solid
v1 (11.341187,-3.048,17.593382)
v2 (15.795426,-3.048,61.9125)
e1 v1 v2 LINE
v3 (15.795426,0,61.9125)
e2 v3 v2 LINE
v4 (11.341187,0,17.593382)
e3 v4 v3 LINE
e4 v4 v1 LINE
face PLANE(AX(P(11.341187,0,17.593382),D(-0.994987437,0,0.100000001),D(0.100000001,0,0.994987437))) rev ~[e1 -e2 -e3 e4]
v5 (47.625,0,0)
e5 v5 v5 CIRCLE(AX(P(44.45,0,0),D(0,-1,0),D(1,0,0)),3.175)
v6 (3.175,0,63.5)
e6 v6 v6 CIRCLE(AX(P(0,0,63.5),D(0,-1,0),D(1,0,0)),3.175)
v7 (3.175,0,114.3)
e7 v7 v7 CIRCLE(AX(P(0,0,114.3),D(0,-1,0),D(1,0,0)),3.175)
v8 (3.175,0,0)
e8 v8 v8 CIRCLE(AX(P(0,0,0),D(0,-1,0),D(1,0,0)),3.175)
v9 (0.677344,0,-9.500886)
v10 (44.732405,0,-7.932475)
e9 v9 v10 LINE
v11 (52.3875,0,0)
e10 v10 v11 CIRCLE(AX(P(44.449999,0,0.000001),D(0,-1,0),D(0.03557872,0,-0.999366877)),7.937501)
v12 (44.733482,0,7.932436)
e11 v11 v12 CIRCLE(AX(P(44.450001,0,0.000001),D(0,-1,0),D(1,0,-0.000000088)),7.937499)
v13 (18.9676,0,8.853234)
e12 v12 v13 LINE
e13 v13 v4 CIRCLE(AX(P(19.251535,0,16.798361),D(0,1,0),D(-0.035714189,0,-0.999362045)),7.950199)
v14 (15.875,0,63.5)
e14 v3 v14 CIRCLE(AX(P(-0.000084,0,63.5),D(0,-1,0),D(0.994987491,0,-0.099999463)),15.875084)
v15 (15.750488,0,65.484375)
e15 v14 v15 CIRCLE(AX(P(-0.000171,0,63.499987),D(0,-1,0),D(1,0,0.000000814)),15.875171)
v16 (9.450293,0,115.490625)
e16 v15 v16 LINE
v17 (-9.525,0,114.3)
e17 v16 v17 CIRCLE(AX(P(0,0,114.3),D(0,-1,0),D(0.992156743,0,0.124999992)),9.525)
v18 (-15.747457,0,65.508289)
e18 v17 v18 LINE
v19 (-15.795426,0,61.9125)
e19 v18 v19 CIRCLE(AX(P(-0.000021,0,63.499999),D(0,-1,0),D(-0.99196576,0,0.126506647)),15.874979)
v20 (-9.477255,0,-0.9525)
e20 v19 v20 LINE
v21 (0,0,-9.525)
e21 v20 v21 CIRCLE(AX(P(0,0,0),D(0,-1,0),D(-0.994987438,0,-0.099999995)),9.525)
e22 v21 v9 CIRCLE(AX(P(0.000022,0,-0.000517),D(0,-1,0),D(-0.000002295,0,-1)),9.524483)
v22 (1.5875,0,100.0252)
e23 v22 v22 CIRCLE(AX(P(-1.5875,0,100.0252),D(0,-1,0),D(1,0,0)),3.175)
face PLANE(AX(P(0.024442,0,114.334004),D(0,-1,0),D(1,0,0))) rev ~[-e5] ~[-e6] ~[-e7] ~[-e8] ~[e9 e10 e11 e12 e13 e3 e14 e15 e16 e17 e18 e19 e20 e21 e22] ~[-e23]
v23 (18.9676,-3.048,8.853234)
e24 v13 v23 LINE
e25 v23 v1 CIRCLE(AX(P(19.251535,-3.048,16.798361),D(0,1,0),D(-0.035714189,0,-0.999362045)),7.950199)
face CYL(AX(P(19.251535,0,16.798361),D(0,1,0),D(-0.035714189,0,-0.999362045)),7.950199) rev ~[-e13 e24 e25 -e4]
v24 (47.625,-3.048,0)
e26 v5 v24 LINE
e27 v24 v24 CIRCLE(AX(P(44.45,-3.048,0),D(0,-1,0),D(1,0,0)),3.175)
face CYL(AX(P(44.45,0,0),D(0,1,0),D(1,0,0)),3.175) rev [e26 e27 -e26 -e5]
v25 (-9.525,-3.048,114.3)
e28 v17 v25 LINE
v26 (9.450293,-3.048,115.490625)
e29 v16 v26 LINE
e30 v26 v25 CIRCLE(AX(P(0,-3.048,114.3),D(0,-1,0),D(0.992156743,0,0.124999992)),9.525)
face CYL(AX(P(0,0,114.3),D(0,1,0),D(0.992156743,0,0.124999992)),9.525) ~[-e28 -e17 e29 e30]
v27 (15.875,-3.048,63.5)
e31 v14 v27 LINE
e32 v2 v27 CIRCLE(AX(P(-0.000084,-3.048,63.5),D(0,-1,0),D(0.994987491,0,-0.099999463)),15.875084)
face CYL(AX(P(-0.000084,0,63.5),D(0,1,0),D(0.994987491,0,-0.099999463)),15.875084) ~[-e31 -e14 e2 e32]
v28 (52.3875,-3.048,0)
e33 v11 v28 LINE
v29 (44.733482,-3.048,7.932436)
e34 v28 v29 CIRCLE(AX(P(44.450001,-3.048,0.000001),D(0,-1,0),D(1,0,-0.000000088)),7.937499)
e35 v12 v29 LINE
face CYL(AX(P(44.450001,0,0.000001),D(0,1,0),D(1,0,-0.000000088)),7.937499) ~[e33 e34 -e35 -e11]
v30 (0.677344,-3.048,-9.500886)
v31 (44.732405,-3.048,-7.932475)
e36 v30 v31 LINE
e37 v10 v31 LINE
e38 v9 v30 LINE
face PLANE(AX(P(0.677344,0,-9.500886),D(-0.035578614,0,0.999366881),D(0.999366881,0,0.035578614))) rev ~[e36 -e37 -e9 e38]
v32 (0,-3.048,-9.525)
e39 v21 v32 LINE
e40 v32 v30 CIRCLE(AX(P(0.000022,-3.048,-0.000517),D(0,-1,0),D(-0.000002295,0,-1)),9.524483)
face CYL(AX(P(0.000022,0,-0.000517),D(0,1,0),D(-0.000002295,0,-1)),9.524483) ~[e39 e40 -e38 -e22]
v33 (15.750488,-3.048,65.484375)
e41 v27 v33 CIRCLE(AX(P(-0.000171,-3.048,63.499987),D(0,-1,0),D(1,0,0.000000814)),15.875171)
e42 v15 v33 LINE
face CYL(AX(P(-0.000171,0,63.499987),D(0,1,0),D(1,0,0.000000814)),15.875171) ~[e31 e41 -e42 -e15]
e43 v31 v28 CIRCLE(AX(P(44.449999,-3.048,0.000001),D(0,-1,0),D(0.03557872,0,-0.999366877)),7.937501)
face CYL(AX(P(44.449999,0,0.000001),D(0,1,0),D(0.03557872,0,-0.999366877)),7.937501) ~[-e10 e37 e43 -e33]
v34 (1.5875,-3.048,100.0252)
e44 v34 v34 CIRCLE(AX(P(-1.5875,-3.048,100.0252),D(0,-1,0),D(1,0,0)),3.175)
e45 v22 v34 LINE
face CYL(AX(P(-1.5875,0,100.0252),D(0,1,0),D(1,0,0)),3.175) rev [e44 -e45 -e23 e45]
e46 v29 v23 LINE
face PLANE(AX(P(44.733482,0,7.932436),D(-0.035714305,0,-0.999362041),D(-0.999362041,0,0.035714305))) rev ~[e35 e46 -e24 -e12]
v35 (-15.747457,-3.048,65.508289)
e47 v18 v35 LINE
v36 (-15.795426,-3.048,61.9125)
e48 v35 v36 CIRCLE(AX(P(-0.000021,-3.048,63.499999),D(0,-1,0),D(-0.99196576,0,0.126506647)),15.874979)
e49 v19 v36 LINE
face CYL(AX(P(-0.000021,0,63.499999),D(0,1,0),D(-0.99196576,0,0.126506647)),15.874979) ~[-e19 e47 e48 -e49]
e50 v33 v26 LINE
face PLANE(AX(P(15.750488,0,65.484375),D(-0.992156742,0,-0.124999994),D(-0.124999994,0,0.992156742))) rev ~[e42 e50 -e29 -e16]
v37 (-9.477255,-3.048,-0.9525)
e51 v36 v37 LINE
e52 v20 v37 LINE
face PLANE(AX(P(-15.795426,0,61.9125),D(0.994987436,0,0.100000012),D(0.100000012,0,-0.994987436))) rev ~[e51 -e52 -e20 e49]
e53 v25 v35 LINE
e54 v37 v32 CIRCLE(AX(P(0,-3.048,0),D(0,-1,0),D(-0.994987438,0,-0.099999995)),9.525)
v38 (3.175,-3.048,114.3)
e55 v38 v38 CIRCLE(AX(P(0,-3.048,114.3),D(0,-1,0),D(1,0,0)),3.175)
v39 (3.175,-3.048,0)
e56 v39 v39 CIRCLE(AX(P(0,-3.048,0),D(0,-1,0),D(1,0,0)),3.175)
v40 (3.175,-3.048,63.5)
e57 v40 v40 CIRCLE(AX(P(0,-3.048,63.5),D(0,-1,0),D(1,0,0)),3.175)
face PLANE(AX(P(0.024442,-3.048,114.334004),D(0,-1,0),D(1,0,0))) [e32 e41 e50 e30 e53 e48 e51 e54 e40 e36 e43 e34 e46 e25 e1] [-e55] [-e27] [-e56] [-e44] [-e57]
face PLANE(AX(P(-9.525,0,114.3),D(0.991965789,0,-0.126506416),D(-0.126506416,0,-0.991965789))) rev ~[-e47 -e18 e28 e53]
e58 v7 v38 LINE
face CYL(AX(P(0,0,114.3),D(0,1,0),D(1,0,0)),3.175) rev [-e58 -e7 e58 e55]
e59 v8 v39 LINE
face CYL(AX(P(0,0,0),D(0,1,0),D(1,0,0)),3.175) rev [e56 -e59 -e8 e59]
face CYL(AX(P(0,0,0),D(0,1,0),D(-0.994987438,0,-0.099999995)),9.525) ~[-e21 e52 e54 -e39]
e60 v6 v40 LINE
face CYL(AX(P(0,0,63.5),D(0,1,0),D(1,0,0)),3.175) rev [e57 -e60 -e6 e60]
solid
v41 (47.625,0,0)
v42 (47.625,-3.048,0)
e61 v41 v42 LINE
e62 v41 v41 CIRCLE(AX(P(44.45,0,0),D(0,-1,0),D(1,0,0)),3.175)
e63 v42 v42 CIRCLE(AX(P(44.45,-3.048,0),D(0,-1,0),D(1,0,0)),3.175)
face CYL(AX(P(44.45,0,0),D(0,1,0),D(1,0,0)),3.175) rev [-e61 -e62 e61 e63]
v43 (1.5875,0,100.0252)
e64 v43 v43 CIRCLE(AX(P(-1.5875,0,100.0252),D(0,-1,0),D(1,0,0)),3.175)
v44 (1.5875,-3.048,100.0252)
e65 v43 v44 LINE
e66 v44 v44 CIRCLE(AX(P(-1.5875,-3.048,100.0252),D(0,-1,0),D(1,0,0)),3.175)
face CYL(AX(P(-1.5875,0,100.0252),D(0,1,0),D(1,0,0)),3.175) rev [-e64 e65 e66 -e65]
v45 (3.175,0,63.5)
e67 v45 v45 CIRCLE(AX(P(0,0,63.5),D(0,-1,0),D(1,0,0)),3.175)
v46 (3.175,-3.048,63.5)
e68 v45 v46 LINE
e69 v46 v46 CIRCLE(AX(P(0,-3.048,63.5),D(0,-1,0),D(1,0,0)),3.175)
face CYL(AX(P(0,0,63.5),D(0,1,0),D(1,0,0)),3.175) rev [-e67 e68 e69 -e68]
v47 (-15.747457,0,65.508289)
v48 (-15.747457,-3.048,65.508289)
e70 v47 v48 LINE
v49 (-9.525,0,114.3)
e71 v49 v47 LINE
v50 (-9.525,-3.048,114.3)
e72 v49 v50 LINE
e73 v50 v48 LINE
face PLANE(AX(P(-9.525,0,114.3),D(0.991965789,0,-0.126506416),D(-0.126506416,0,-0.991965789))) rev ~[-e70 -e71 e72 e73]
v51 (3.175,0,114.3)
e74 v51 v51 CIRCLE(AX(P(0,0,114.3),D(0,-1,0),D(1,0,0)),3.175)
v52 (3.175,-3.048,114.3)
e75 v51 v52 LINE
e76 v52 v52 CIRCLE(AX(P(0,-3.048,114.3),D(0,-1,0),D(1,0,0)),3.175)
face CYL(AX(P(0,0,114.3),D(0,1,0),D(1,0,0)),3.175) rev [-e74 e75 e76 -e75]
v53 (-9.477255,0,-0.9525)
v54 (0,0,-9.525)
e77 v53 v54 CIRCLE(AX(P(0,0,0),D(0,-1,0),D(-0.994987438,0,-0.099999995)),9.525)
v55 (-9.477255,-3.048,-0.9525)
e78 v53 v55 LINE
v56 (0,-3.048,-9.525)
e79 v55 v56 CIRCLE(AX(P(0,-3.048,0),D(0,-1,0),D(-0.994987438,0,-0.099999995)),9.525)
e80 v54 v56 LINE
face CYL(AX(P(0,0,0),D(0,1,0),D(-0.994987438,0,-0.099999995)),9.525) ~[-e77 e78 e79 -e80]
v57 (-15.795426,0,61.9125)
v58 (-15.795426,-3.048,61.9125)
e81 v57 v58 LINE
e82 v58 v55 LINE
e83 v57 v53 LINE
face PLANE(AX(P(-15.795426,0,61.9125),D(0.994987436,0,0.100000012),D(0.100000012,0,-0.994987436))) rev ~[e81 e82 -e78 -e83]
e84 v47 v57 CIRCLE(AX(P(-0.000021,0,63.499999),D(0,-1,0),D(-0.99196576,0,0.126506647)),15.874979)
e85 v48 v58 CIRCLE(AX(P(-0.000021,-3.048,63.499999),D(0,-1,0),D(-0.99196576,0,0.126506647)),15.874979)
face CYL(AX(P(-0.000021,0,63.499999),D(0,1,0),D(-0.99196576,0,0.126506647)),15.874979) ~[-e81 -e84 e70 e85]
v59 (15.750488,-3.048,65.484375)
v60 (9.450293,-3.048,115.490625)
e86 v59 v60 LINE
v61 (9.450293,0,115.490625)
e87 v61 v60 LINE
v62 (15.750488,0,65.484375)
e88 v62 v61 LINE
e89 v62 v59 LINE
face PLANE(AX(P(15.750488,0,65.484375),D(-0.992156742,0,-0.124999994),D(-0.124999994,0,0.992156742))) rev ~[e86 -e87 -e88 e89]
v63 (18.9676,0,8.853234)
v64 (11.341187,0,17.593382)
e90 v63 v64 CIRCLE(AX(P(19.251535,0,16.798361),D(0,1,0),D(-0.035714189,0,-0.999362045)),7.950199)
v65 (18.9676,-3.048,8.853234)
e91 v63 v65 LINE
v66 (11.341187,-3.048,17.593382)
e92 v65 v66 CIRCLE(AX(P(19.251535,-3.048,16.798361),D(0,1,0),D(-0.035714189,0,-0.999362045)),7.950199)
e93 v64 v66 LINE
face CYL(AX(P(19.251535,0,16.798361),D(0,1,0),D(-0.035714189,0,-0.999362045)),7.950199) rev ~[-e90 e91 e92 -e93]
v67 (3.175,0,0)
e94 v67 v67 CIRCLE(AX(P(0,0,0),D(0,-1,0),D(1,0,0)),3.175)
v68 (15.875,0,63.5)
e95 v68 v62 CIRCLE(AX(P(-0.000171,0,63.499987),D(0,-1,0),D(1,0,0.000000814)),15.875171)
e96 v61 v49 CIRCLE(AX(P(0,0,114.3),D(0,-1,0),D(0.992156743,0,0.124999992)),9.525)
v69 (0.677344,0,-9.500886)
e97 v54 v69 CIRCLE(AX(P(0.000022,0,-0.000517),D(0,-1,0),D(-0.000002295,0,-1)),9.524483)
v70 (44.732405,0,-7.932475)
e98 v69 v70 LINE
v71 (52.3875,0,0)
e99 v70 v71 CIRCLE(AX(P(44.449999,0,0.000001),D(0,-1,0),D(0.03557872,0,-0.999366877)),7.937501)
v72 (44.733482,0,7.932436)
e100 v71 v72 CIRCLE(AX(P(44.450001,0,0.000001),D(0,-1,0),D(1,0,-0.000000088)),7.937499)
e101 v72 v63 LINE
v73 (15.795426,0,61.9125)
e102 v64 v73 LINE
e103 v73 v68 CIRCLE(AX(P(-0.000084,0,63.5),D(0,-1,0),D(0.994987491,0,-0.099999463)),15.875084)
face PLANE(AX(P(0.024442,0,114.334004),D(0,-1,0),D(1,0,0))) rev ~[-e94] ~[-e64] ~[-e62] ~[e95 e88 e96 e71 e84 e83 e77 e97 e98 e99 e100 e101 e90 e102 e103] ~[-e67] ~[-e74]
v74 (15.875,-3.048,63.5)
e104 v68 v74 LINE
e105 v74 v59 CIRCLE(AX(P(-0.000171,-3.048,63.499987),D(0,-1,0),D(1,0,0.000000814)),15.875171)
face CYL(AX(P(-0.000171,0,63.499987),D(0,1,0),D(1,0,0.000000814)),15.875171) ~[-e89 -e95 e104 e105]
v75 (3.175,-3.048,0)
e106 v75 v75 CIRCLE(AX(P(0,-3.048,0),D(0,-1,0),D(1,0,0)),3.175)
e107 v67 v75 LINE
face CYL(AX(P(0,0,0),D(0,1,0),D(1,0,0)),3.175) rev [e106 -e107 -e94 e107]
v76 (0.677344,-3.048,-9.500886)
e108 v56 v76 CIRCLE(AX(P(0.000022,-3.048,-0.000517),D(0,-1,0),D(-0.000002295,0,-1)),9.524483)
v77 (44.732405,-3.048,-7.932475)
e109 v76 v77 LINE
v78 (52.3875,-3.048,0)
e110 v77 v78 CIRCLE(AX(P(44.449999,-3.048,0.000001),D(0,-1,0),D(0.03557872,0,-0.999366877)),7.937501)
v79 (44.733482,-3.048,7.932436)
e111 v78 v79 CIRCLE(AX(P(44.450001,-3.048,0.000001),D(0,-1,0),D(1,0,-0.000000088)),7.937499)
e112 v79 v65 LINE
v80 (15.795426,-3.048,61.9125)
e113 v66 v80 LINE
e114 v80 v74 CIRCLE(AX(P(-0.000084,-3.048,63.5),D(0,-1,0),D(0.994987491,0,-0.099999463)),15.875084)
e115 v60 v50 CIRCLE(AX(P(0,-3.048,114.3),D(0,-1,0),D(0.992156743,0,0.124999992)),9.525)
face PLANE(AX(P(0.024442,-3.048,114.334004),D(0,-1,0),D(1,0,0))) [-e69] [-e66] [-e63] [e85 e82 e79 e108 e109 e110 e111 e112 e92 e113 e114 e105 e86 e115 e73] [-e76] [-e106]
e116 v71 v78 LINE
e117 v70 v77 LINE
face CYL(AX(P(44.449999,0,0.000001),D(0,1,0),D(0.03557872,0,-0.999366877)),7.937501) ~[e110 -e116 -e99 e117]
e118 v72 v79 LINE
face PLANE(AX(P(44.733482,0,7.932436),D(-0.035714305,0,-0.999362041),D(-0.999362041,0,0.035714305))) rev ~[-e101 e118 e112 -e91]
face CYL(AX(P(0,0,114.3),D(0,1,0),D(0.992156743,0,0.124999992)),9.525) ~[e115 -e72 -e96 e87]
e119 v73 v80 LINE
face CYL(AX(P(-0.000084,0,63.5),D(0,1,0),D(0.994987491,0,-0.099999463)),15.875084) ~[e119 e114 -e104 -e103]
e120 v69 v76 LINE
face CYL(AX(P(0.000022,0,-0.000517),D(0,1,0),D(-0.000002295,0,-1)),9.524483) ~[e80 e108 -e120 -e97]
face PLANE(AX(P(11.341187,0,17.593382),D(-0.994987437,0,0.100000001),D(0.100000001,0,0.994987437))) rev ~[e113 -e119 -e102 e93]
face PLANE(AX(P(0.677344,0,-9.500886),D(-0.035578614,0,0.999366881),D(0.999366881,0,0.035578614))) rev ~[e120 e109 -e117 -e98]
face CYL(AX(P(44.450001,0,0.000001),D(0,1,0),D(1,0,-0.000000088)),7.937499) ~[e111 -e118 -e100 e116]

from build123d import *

# Parameters (mm, degrees)
F0_R     = 3.175
F1_DEPTH = 3.048
F2_DEPTH = 3.048


with BuildPart() as f1:
    # F0 (on Front) → F1 (new body)
    with BuildSketch(Plane.XZ):
        with BuildLine():
            ThreePointArc((-9.525, 114.3), (0, 104.775), (9.525, 114.3))
            ThreePointArc((9.525, 114.3), (9.506305, 114.896483), (9.450293, 115.490625))
            ThreePointArc((9.450293, 115.490625), (-0.596483, 123.806305), (-9.525, 114.3))
        make_face()
        with Locations((0, 114.3)):
            Circle(F0_R, mode=Mode.SUBTRACT)
        with BuildLine():
            ThreePointArc((9.450293, 115.490625), (9.506305, 114.896483), (9.525, 114.3))
            ThreePointArc((9.525, 114.3), (0, 104.775), (-9.525, 114.3))
            Line((-9.525, 114.3), (-15.747457, 65.508289))
            ThreePointArc((-15.747457, 65.508289), (0.012053, 79.374995), (15.750488, 65.484375))
            Line((15.750488, 65.484375), (9.450293, 115.490625))
        make_face()
        with Locations((-1.5875, 100.0252)):
            Circle(F0_R, mode=Mode.SUBTRACT)
        with BuildLine():
            ThreePointArc((15.875, 63.5), (15.843841, 64.494139), (15.750488, 65.484375))
            ThreePointArc((15.750488, 65.484375), (0.012053, 79.374995), (-15.747457, 65.508289))
            ThreePointArc((-15.747457, 65.508289), (-15.873588, 63.711757), (-15.795426, 61.9125))
            ThreePointArc((-15.795426, 61.9125), (0, 47.625), (15.795426, 61.9125))
            ThreePointArc((15.795426, 61.9125), (15.855094, 62.705253), (15.875, 63.5))
        make_face()
        with Locations((0, 63.5)):
            Circle(F0_R, mode=Mode.SUBTRACT)
        with BuildLine():
            ThreePointArc((15.795426, 61.9125), (0, 47.625), (-15.795426, 61.9125))
            Line((-15.795426, 61.9125), (-9.477255, -0.9525))
            ThreePointArc((-9.477255, -0.9525), (-0.476848, 9.513056), (9.525, 0))
            ThreePointArc((9.525, 0), (6.970557, -6.491299), (0.677344, -9.500886))
            Line((0.677344, -9.500886), (44.732405, -7.932475))
            ThreePointArc((44.732405, -7.932475), (36.5125, 0.000539), (44.733482, 7.932436))
            Line((44.733482, 7.932436), (18.9676, 8.853234))
            ThreePointArc((18.9676, 8.853234), (13.2612, 11.571359), (11.341187, 17.593382))
            Line((11.341187, 17.593382), (15.795426, 61.9125))
        make_face()
        with BuildLine():
            ThreePointArc((9.525, 0), (-0.476848, 9.513056), (-9.477255, -0.9525))
            ThreePointArc((-9.477255, -0.9525), (-6.389564, -7.063929), (0, -9.525))
            Line((0, -9.525), (0.677344, -9.500886))
            ThreePointArc((0.677344, -9.500886), (6.970557, -6.491299), (9.525, 0))
        make_face()
        Circle(F0_R, mode=Mode.SUBTRACT)
        with BuildLine():
            Line((0.677344, -9.500886), (0, -9.525))
            ThreePointArc((0, -9.525), (0.338886, -9.51897), (0.677344, -9.500886))
        make_face()
        with BuildLine():
            ThreePointArc((52.3875, 0), (50.162007, 5.511523), (44.733482, 7.932436))
            ThreePointArc((44.733482, 7.932436), (36.5125, 0.000539), (44.732405, -7.932475))
            ThreePointArc((44.732405, -7.932475), (50.161633, -5.51191), (52.3875, 0))
        make_face()
        with Locations((44.45, 0)):
            Circle(F0_R, mode=Mode.SUBTRACT)
    extrude(amount=F1_DEPTH)


with BuildPart() as f2:
    # F0 (on Front) → F2 (new body)
    with BuildSketch(Plane.XZ):
        with BuildLine():
            ThreePointArc((-9.525, 114.3), (0, 104.775), (9.525, 114.3))
            ThreePointArc((9.525, 114.3), (9.506305, 114.896483), (9.450293, 115.490625))
            ThreePointArc((9.450293, 115.490625), (-0.596483, 123.806305), (-9.525, 114.3))
        make_face()
        with Locations((0, 114.3)):
            Circle(F0_R, mode=Mode.SUBTRACT)
        with BuildLine():
            ThreePointArc((9.450293, 115.490625), (9.506305, 114.896483), (9.525, 114.3))
            ThreePointArc((9.525, 114.3), (0, 104.775), (-9.525, 114.3))
            Line((-9.525, 114.3), (-15.747457, 65.508289))
            ThreePointArc((-15.747457, 65.508289), (0.012053, 79.374995), (15.750488, 65.484375))
            Line((15.750488, 65.484375), (9.450293, 115.490625))
        make_face()
        with Locations((-1.5875, 100.0252)):
            Circle(F0_R, mode=Mode.SUBTRACT)
        with BuildLine():
            ThreePointArc((15.875, 63.5), (15.843841, 64.494139), (15.750488, 65.484375))
            ThreePointArc((15.750488, 65.484375), (0.012053, 79.374995), (-15.747457, 65.508289))
            ThreePointArc((-15.747457, 65.508289), (-15.873588, 63.711757), (-15.795426, 61.9125))
            ThreePointArc((-15.795426, 61.9125), (0, 47.625), (15.795426, 61.9125))
            ThreePointArc((15.795426, 61.9125), (15.855094, 62.705253), (15.875, 63.5))
        make_face()
        with Locations((0, 63.5)):
            Circle(F0_R, mode=Mode.SUBTRACT)
        with BuildLine():
            ThreePointArc((15.795426, 61.9125), (0, 47.625), (-15.795426, 61.9125))
            Line((-15.795426, 61.9125), (-9.477255, -0.9525))
            ThreePointArc((-9.477255, -0.9525), (-0.476848, 9.513056), (9.525, 0))
            ThreePointArc((9.525, 0), (6.970557, -6.491299), (0.677344, -9.500886))
            Line((0.677344, -9.500886), (44.732405, -7.932475))
            ThreePointArc((44.732405, -7.932475), (36.5125, 0.000539), (44.733482, 7.932436))
            Line((44.733482, 7.932436), (18.9676, 8.853234))
            ThreePointArc((18.9676, 8.853234), (13.2612, 11.571359), (11.341187, 17.593382))
            Line((11.341187, 17.593382), (15.795426, 61.9125))
        make_face()
        with BuildLine():
            ThreePointArc((9.525, 0), (-0.476848, 9.513056), (-9.477255, -0.9525))
            ThreePointArc((-9.477255, -0.9525), (-6.389564, -7.063929), (0, -9.525))
            Line((0, -9.525), (0.677344, -9.500886))
            ThreePointArc((0.677344, -9.500886), (6.970557, -6.491299), (9.525, 0))
        make_face()
        Circle(F0_R, mode=Mode.SUBTRACT)
        with BuildLine():
            Line((0.677344, -9.500886), (0, -9.525))
            ThreePointArc((0, -9.525), (0.338886, -9.51897), (0.677344, -9.500886))
        make_face()
        with BuildLine():
            ThreePointArc((52.3875, 0), (50.162007, 5.511523), (44.733482, 7.932436))
            ThreePointArc((44.733482, 7.932436), (36.5125, 0.000539), (44.732405, -7.932475))
            ThreePointArc((44.732405, -7.932475), (50.161633, -5.51191), (52.3875, 0))
        make_face()
        with Locations((44.45, 0)):
            Circle(F0_R, mode=Mode.SUBTRACT)
    extrude(amount=F2_DEPTH)


solid = Compound([f1.part, f2.part])
